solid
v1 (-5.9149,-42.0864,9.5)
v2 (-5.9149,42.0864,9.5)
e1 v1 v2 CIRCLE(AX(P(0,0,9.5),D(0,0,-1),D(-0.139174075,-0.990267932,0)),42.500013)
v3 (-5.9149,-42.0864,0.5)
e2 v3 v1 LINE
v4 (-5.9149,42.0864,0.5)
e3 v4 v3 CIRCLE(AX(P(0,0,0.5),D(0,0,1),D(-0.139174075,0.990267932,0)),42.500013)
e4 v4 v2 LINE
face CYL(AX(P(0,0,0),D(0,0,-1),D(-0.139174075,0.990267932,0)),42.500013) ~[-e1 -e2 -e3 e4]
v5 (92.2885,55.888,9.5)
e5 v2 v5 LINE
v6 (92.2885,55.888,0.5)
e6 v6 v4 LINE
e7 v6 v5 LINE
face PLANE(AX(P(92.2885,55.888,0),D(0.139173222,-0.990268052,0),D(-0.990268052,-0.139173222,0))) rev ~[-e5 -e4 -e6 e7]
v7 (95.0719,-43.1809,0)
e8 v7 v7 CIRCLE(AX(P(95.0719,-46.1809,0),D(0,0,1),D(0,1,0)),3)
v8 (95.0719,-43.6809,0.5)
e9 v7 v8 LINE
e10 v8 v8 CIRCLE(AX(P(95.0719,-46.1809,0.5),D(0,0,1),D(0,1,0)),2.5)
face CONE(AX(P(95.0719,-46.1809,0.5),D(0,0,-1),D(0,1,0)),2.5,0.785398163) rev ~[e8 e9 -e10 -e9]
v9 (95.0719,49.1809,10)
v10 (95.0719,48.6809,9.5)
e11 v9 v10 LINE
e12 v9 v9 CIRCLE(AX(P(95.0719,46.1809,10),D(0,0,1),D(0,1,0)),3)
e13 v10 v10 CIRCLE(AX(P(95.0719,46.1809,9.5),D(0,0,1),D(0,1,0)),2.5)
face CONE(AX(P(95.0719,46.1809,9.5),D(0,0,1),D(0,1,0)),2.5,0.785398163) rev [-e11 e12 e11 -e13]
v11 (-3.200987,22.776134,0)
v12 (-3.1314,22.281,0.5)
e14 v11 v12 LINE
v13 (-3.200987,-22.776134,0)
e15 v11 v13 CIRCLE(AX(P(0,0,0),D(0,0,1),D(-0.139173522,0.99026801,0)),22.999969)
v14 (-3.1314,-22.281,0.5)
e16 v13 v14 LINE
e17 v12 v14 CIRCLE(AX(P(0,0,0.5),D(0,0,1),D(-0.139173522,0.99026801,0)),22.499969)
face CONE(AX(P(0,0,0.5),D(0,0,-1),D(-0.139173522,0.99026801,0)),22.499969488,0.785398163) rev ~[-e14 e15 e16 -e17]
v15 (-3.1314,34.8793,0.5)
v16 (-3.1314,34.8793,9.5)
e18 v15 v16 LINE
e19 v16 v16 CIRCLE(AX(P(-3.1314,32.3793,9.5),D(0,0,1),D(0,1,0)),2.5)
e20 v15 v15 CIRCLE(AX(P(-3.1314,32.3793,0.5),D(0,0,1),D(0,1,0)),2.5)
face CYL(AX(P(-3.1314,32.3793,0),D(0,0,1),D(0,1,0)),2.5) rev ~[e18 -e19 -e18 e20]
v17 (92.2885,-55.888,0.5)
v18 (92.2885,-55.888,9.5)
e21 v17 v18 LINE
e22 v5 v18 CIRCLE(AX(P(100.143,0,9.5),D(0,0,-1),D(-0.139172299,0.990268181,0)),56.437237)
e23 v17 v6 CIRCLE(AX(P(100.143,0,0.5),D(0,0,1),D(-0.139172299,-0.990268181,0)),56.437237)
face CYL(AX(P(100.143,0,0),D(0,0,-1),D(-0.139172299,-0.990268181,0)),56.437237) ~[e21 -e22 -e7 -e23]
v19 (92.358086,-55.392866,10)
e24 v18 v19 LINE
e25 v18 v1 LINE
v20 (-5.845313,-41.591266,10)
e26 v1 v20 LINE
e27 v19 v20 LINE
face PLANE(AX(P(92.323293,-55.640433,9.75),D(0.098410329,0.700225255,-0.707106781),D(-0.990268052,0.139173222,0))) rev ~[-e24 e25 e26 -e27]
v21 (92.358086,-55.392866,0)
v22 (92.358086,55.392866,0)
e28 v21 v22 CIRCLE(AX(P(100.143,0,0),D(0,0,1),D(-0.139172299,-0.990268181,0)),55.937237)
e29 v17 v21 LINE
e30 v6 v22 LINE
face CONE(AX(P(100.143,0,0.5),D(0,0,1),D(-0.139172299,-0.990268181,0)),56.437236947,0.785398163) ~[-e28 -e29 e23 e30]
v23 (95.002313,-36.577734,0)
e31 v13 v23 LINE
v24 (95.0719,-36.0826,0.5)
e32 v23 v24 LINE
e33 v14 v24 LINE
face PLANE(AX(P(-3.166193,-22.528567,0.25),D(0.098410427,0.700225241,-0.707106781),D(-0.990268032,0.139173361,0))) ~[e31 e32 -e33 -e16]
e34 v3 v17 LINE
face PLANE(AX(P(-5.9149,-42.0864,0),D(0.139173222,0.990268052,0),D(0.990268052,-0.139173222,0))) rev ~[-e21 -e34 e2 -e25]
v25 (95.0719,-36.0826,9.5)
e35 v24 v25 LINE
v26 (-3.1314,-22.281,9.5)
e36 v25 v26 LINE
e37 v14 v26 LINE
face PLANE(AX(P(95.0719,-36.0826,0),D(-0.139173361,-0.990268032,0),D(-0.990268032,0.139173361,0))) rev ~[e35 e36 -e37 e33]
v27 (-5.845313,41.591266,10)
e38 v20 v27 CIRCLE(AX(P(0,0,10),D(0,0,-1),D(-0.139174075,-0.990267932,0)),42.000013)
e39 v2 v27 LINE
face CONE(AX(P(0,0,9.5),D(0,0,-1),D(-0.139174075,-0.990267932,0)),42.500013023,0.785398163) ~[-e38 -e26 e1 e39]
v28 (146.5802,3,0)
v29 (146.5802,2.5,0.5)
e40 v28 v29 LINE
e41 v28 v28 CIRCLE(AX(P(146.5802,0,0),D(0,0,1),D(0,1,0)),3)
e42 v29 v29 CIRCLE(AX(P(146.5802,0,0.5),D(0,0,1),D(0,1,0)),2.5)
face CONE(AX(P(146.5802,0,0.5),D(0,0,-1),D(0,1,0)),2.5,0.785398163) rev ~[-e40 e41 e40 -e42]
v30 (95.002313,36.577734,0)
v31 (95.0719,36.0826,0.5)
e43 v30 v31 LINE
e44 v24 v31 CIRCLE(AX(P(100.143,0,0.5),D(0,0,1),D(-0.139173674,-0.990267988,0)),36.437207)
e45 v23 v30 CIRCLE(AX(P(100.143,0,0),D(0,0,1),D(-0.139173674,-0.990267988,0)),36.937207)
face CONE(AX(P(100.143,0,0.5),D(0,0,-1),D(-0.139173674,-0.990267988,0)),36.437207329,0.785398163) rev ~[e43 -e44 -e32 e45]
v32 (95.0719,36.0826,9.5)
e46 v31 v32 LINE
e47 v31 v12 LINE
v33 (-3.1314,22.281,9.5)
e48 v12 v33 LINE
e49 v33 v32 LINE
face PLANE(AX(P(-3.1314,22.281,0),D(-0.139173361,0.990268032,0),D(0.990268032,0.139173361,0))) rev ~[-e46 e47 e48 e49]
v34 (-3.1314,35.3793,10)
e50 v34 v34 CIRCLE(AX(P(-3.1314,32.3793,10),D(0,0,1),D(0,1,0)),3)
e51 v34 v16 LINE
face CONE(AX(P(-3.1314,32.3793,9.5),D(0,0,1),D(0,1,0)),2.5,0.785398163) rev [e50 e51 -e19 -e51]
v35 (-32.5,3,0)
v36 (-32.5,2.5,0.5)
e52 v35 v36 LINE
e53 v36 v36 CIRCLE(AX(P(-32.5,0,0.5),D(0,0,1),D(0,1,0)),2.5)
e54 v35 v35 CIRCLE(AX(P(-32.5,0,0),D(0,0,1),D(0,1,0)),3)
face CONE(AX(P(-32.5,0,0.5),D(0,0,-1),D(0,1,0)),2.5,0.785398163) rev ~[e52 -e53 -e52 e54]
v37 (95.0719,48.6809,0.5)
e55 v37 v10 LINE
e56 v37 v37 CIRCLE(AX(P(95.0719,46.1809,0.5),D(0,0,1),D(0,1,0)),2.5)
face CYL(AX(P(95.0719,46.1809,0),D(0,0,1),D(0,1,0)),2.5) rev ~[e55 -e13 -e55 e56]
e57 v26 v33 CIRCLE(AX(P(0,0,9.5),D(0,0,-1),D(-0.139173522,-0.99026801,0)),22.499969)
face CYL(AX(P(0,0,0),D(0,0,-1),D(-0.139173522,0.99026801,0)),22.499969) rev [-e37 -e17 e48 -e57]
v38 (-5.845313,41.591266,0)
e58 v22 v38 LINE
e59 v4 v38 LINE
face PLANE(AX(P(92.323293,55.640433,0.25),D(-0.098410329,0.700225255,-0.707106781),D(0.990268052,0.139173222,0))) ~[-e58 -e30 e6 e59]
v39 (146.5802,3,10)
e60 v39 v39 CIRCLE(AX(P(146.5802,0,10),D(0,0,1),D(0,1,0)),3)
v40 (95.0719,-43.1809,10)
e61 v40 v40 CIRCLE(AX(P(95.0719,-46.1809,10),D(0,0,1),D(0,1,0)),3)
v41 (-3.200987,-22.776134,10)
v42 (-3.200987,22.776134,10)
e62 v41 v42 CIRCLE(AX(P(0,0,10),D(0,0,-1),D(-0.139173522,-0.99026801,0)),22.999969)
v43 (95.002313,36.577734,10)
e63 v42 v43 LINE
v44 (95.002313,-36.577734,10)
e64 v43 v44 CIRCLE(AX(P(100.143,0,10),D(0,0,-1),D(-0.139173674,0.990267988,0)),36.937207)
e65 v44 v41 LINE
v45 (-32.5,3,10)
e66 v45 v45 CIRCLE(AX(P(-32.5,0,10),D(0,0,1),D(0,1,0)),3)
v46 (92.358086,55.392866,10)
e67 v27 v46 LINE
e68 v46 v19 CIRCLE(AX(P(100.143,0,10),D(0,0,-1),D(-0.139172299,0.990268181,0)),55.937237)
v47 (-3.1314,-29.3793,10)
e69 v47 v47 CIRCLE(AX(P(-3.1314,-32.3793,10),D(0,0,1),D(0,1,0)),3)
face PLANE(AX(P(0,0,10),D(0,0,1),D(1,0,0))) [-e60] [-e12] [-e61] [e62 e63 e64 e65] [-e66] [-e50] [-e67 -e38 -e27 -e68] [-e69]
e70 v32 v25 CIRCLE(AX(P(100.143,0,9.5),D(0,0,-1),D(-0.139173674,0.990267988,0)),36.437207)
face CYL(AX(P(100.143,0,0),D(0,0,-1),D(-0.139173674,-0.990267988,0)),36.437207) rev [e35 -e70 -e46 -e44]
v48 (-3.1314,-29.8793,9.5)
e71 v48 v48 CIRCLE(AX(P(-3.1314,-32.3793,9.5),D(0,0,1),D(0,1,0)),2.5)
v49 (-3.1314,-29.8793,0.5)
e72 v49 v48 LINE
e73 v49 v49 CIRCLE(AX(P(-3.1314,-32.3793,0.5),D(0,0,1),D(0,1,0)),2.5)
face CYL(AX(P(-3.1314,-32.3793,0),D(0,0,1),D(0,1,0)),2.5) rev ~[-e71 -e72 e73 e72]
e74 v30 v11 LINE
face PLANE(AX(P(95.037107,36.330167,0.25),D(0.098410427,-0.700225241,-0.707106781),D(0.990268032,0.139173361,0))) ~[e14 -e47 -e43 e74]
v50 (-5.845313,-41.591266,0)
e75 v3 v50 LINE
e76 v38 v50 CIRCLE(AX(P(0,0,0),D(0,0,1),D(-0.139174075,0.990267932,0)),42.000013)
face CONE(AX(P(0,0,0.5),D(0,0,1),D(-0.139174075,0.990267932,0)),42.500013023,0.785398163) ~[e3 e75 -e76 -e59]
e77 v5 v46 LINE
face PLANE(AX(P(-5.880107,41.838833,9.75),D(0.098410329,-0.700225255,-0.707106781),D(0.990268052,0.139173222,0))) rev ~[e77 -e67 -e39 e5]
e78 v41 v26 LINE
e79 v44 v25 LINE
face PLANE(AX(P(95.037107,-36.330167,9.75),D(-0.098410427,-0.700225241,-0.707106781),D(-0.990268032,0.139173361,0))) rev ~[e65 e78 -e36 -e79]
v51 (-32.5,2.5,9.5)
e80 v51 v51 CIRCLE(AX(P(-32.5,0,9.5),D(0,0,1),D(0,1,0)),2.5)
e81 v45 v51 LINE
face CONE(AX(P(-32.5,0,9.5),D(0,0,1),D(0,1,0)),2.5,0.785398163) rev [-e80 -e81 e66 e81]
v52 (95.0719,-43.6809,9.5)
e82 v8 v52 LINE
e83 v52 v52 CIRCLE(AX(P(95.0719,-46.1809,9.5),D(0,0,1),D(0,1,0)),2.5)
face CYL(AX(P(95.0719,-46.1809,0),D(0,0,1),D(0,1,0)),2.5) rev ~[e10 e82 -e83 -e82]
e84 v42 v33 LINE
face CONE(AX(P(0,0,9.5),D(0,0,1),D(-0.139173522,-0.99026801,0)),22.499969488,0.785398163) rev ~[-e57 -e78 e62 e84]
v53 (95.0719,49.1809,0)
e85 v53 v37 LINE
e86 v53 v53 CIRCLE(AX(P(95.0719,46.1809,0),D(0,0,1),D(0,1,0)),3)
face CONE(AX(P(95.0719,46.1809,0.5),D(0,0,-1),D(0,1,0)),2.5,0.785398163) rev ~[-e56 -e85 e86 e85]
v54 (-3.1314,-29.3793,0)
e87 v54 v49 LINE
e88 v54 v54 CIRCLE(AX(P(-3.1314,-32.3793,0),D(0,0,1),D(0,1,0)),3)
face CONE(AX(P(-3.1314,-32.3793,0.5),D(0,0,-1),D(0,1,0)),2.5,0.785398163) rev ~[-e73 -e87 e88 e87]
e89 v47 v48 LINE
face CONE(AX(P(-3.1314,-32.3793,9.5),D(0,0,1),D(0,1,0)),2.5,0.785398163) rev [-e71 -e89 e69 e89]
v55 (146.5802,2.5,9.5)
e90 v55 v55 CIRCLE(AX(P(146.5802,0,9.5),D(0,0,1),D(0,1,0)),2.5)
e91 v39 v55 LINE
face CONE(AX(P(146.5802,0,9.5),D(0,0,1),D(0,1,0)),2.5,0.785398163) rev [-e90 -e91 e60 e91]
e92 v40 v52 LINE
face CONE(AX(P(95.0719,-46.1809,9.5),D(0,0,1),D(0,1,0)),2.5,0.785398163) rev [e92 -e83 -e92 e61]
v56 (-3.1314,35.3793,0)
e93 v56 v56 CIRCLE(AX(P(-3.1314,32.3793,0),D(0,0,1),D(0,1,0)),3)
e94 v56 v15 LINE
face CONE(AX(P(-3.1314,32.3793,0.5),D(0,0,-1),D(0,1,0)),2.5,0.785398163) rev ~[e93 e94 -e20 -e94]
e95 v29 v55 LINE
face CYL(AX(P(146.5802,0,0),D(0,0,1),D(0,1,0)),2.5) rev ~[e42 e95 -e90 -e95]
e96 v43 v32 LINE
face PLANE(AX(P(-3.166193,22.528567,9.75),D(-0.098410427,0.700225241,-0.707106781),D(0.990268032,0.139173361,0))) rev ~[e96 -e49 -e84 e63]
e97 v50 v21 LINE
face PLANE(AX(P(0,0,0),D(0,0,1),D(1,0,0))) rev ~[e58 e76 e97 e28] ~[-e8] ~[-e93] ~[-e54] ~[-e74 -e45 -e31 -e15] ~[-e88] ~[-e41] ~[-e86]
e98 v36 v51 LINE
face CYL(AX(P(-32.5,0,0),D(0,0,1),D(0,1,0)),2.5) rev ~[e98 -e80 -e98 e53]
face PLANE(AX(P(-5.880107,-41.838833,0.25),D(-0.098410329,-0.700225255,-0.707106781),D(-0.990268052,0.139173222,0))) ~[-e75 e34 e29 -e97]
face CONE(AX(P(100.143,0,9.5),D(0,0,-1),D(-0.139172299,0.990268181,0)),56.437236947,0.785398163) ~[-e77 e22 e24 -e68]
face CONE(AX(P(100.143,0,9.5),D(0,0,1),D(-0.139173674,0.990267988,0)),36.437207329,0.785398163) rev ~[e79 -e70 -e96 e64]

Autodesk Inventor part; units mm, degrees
ref_plane "YZ Plane" through (0, 0, 0) normal (1, 0, 0) x (0, 1, 0)
ref_plane "XZ Plane" through (0, 0, 0) normal (0, 1, 0) x (-1, 0, 0)
ref_plane "XY Plane" through (0, 0, 0) normal (0, 0, 1) x (1, 0, 0)
sketch "Sketch1" plane through (0, 0, 0) normal (0, 0, 1) x (1, 0, 0)
  arc A0 (-5.9149, 42.0864) -> (-5.9149, -42.0864) centre (0, 0) ccw
  arc A1 (92.2885, -55.888) -> (92.2885, 55.888) centre (100.143, 0) ccw
  line L0 (-42.5, 0) -> (156.5802, 0)
  line L1 (92.2885, 55.888) -> (-5.9149, 42.0864)
  line L2 (-5.9149, -42.0864) -> (92.2885, -55.888)
  line L3 (-3.1314, 22.281) -> (95.0719, 36.0826)
  arc A2 (95.0719, -36.0826) -> (95.0719, 36.0826) centre (100.143, 0) ccw
  line L4 (95.0719, -36.0826) -> (-3.1314, -22.281)
  arc A3 (-3.1314, 22.281) -> (-3.1314, -22.281) centre (0, 0) ccw
  point P0 (146.5802, 0)
  point P1 (95.0719, 46.1809)
  point P2 (95.0719, -46.1809)
  point P3 (-32.5, 0)
  point P4 (-3.1314, 32.3793)
  point P5 (-3.1314, -32.3793)
  dimension "d0" = 85
  dimension "d1" = 100.143
  dimension "d2" = 8
  dimension "d3" = 20
  dimension "d4" = 10
  dimension "d5" = 10
  dimension "d6" = 10
  dimension "d7" = 10
  dimension "d8" = 10
  dimension "d9" = 10
extrude "Extrusion1" add sketch "Sketch1" along normal blind 10 contours L1 A1 L0 A2 L3 A3 A0 | L0 A3 L4 A2 A1 L2 A0
hole "Hole1" at (-32.5, 0, 0) at (-3.1314, 32.3793, 0) at (95.0719, 46.1809, 0) at (146.5802, 0, 0) at (95.0719, -46.1809, 0) at (-3.1314, -32.3793, 0) direction (0, 0, 1) diameter 5 end through all
chamfer "Chamfer1" distance 0.5 angle 45 28 edges at (136.5802, 0, 10) (45.9703, -29.1818, 10) (-22.5, 0, 10) (45.9703, 29.1818, 10) (136.5802, 0, 0) (45.9703, -29.1818, 0) (-22.5, 0, 0) (45.9703, 29.1818, 0) (-3.1314, -34.8793, 0) (-32.5, -2.5, 0) (95.0719, -48.6809, 0) (146.5802, -2.5, 0) (-3.1314, 29.8793, 0) (95.0719, 43.6809, 0) (-3.1314, -34.8793, 10) (-32.5, -2.5, 10) (95.0719, -48.6809, 10) (146.5802, -2.5, 10) (-3.1314, 29.8793, 10) (95.0719, 43.6809, 10) (156.5802, 0, 0) (43.1868, 48.9872, 0) (-42.5, 0, 0) (43.1868, -48.9872, 0) (156.5802, 0, 10) (43.1868, 48.9872, 10) (-42.5, 0, 10) (43.1868, -48.9872, 10)
equation "\"d4\" = 0.5 * d3"
equation "\"d5\" = 0.5 * d3"
equation "\"d6\" = 0.5 * d3"
equation "\"d7\" = 0.5 * d3"
equation "\"d8\" = d6"
equation "\"d9\" = d7"
properties part number "spacerBase" material "Aluminum 6061"
